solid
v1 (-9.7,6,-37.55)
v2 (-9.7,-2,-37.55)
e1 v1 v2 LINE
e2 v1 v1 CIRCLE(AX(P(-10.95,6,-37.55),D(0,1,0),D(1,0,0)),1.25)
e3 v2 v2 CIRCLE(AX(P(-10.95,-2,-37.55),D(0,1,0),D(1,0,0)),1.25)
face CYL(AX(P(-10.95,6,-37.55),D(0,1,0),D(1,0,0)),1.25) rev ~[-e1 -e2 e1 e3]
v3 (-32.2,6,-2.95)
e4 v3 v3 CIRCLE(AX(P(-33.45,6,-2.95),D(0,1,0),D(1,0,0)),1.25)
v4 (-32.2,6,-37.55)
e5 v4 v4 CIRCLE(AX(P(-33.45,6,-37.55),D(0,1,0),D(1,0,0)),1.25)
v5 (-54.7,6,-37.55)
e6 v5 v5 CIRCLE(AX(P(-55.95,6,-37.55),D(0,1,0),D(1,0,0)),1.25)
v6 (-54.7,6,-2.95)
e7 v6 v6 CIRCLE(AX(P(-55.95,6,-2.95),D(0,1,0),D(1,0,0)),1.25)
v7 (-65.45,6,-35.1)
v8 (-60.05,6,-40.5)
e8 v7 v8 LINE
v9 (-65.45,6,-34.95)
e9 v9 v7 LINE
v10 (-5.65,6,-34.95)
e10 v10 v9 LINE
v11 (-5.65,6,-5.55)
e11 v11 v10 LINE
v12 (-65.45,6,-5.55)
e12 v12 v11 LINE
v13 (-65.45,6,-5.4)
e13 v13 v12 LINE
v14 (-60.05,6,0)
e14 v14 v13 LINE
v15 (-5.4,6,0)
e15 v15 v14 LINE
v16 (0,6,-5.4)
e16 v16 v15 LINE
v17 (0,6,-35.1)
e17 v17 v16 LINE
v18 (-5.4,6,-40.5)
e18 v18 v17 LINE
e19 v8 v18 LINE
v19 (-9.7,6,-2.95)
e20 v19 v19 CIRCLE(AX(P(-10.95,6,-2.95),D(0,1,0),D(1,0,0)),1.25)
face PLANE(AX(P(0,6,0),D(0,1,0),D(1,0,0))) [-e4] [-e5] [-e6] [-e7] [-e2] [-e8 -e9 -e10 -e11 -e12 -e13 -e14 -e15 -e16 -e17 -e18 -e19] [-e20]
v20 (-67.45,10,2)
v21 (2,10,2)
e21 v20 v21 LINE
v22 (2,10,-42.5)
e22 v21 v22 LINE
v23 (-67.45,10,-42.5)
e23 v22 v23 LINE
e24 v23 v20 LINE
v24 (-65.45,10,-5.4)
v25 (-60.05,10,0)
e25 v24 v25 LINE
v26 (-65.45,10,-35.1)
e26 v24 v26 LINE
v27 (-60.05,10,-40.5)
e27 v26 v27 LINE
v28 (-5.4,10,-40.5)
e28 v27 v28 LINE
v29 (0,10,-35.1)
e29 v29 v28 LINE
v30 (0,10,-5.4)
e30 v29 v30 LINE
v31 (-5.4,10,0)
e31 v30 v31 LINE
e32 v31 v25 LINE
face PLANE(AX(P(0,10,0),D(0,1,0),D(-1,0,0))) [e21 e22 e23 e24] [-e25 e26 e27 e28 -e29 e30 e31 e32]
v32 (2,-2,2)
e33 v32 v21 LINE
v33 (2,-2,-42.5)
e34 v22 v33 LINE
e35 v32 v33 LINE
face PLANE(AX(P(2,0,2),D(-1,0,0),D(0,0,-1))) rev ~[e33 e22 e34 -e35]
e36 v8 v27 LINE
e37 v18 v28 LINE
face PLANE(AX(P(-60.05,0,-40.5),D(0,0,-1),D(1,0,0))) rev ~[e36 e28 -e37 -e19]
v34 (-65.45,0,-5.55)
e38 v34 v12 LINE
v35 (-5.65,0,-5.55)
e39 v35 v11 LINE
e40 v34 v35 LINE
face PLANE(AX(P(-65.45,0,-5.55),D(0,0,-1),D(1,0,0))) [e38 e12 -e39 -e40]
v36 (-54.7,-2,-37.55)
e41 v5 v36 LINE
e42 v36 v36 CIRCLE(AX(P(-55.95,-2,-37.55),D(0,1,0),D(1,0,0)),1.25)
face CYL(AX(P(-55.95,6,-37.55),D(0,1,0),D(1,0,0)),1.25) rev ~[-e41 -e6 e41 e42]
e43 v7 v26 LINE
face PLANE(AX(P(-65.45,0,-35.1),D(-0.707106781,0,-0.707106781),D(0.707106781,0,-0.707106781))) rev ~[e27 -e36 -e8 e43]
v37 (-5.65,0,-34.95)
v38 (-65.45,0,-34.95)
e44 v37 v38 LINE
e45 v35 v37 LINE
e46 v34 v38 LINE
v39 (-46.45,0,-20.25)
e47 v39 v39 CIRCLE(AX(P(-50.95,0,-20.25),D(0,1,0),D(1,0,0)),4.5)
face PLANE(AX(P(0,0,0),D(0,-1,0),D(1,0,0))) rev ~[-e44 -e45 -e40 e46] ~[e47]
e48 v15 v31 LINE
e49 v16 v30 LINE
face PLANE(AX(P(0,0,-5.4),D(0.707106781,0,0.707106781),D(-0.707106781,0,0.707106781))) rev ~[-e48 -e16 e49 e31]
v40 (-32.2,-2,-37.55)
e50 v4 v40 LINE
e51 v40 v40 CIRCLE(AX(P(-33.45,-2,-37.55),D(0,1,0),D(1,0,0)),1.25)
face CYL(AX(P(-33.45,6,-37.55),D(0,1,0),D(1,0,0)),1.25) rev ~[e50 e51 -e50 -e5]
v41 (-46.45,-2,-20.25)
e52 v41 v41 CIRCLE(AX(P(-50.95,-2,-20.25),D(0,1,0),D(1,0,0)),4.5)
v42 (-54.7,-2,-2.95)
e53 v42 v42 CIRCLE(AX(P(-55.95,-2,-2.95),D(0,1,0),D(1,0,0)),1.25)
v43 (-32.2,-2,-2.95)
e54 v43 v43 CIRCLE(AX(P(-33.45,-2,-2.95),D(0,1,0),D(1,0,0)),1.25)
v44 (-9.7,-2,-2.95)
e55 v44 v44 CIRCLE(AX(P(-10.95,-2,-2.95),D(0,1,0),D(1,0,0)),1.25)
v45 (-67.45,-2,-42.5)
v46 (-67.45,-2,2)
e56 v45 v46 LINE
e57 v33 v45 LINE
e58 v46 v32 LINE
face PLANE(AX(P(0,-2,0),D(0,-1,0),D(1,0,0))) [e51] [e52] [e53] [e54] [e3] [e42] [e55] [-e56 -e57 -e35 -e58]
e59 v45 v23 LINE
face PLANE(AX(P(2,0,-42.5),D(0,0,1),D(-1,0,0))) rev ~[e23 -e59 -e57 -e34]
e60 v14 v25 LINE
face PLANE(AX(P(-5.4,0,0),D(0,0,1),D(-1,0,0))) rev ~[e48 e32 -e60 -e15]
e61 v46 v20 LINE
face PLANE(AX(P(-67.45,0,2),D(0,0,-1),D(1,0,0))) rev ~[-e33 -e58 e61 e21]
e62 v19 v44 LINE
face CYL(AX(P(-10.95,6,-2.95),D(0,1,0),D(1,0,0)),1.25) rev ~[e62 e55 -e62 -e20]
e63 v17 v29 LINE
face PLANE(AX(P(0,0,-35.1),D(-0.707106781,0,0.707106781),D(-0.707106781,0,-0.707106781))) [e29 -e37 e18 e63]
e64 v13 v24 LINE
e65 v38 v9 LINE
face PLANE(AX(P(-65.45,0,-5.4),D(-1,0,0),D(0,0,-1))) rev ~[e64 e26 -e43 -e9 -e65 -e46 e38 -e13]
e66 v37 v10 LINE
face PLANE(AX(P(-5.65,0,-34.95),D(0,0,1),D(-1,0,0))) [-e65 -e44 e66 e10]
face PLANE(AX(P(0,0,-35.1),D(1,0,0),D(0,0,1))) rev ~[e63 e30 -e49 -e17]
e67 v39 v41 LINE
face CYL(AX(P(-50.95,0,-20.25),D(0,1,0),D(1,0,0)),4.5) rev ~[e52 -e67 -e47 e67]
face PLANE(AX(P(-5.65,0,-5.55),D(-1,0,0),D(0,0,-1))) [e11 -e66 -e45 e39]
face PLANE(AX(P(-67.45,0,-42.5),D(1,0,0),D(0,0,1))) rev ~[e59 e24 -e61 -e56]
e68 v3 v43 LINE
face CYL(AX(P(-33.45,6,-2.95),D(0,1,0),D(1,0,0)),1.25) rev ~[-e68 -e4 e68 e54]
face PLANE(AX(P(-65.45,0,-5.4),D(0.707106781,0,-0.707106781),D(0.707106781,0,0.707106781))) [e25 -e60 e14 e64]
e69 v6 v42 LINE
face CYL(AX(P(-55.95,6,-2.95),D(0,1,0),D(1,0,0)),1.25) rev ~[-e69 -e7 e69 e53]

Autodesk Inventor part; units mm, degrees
ref_plane "YZ Plane" through (0, 0, 0) normal (1, 0, 0) x (0, 1, 0)
ref_plane "XZ Plane" through (0, 0, 0) normal (0, 1, 0) x (-1, 0, 0)
ref_plane "XY Plane" through (0, 0, 0) normal (0, 0, 1) x (1, 0, 0)
sketch "스케치1" plane through (0, 0, 0) normal (0, 1, 0) x (-1, 0, 0)
  line L0 (0, 0) -> (65.45, 0)
  line L1 (65.45, 0) -> (65.45, -40.5)
  line L2 (65.45, -40.5) -> (0, -40.5)
  line L3 (0, -40.5) -> (0, 0)
  line L4 (67.45, -42.5) -> (67.45, 2)
  line L5 (67.45, 2) -> (-2, 2)
  line L6 (-2, 2) -> (-2, -42.5)
  line L7 (-2, -42.5) -> (67.45, -42.5)
  line L8 (65.45, -20.25) -> (0, -20.25) construction
  line L9 (32.725, 0) -> (32.725, -40.5) construction
  line L10 (65.45, -5.4) -> (60.05, 0)
  line L11 (65.45, -35.1) -> (60.05, -40.5)
  line L12 (0, 0) -> (0, -40.5)
  line L13 (0, -5.4) -> (5.4, 0)
  line L14 (0, -35.1) -> (5.4, -40.5)
  dimension "d0" = 65.45
  dimension "d1" = 40.5
  dimension "d2" = 2
  dimension "d3" = 5.4
  dimension "d4" = 5.4
extrude "돌출1" add sketch "스케치1" along normal blind 10 contours L0 L13 L3 | L0 L1 L10 | L14 L2 L3 | L1 L2 L11 | L7 L6 L5 L4
sketch "스케치2" plane through (0, 0, 0) normal (0, -1, 0) x (1, 0, 0)
  line L0 (-67.45, 2) -> (2, 2) projected
  line L1 (-67.45, -42.5) -> (-67.45, 2) projected
  line L2 (2, -42.5) -> (-67.45, -42.5) projected
  line L3 (2, 2) -> (2, -42.5) projected
  line L4 (0, -5.4) -> (-5.4, 0) projected
  line L5 (0, -35.1) -> (0, -5.4) projected
  line L6 (-60.05, -40.5) -> (-5.4, -40.5) projected
  line L7 (-65.45, -5.4) -> (-65.45, -35.1) projected
  line L8 (-5.4, 0) -> (-60.05, 0) projected
  line L9 (-5.4, -40.5) -> (0, -35.1) projected
  line L10 (-65.45, -35.1) -> (-60.05, -40.5) projected
  line L11 (-60.05, 0) -> (-65.45, -5.4) projected
  point P0 (0, 0)
extrude "돌출2" add sketch "스케치2" along normal blind 2 contours L0 L3 L2 L1 | L5 L9 L6 L10 L7 L11 L8 L4
sketch "스케치3" plane through (0, 0, 0) normal (0, 1, 0) x (1, 0, 0)
  line L0 (0, 35.1) -> (0, 5.4) projected
  line L1 (-5.4, 40.5) -> (0, 35.1) projected
  line L2 (-60.05, 40.5) -> (-5.4, 40.5) projected
  line L3 (-65.45, 35.1) -> (-60.05, 40.5) projected
  line L4 (-65.45, 5.4) -> (-65.45, 35.1) projected
  line L5 (-60.05, 0) -> (-65.45, 5.4) projected
  line L6 (-5.4, 0) -> (-60.05, 0) projected
  line L7 (0, 5.4) -> (-5.4, 0) projected
  line L8 (-65.45, 5.4) -> (-65.45, 35.1) projected
  line L9 (-65.45, 5.55) -> (-5.65, 5.55)
  line L10 (-5.65, 5.55) -> (-5.65, 34.95)
  line L11 (-5.65, 34.95) -> (-65.45, 34.95)
  line L12 (-65.45, 34.95) -> (-65.45, 5.55)
  line L13 (0, 35.1) -> (0, 5.4) projected
  line L14 (-5.4, 40.5) -> (0, 35.1) projected
  line L15 (-60.05, 40.5) -> (-5.4, 40.5) projected
  line L16 (-65.45, 35.1) -> (-60.05, 40.5) projected
  line L17 (-65.45, 5.4) -> (-65.45, 35.1) projected
  line L18 (-60.05, 0) -> (-65.45, 5.4) projected
  line L19 (-5.4, 0) -> (-60.05, 0) projected
  line L20 (0, 5.4) -> (-5.4, 0) projected
  point P0 (0, 0)
  point P1 (-5.65, 20.25)
  point P2 (-65.45, 20.25)
  dimension "d9" = 59.8
  dimension "d10" = 29.4
extrude "돌출3" add sketch "스케치3" along normal blind 6 contours L0 L7 L6 L5 L4 L9 L10 L11 L3 L2 L1
sketch "스케치4" plane through (0, 0, 0) normal (0, 1, 0) x (1, 0, 0)
  line L0 (-5.65, 34.95) -> (-65.45, 34.95) projected
  line L1 (-65.45, 5.55) -> (-65.45, 34.95) projected
  line L2 (-65.45, 5.55) -> (-5.65, 5.55) projected
  line L3 (-5.65, 5.55) -> (-5.65, 34.95) projected
  circle A0 centre (-50.95, 20.25) radius 4.5
  point P0 (0, 0)
  dimension "d14" = 9
  dimension "d17" = 14.5
extrude "돌출4" cut sketch "스케치4" against normal blind 6 contours A0
sketch "스케치5" plane through (0, 6, 0) normal (0, 1, 0) x (1, 0, 0)
  line L0 (-5.65, 5.55) -> (-65.45, 5.55) projected
  line L1 (-65.45, 5.4) -> (-65.45, 5.55) projected
  line L2 (-60.05, 0) -> (-65.45, 5.4) projected
  line L3 (-5.4, 0) -> (-60.05, 0) projected
  line L4 (0, 5.4) -> (-5.4, 0) projected
  line L5 (0, 35.1) -> (0, 5.4) projected
  line L6 (-5.4, 40.5) -> (0, 35.1) projected
  line L7 (-60.05, 40.5) -> (-5.4, 40.5) projected
  line L8 (-65.45, 35.1) -> (-60.05, 40.5) projected
  line L9 (-65.45, 34.95) -> (-65.45, 35.1) projected
  line L10 (-65.45, 34.95) -> (-5.65, 34.95) projected
  line L11 (-5.65, 34.95) -> (-5.65, 5.55) projected
  line L12 (-10.4708, 2.95) -> (-58.727, 2.95) construction
  circle A0 centre (-55.95, 2.95) radius 1.25
  line L13 (-67.45, 42.5) -> (-67.45, -2) projected
  circle A1 centre (-33.45, 2.95) radius 1.25
  circle A2 centre (-10.95, 2.95) radius 1.25
  line L14 (-65.45, 5.55) -> (-65.45, 34.95) construction
  line L15 (-65.45, 20.25) -> (-5.65, 20.25) construction
  circle A3 centre (-55.95, 37.55) radius 1.25
  circle A4 centre (-33.45, 37.55) radius 1.25
  circle A5 centre (-10.95, 37.55) radius 1.25
  point P0 (0, 0)
  point P1 (-10.4708, 37.55)
  dimension "d18" = 2.5
  dimension "d19" = 11.5
  dimension "d22" = 22.5
  dimension "d27" = 34.6
extrude "돌출5" cut sketch "스케치5" against normal through all contours A0 | A1 | A2 | A3 | A4 | A5
sketch "스케치6" plane through (-65.45, 0, -34.95) normal (0, 0, 1) x (1, 0, 0)
  point P0 (65.45, 0)
properties part number "mx-106"
